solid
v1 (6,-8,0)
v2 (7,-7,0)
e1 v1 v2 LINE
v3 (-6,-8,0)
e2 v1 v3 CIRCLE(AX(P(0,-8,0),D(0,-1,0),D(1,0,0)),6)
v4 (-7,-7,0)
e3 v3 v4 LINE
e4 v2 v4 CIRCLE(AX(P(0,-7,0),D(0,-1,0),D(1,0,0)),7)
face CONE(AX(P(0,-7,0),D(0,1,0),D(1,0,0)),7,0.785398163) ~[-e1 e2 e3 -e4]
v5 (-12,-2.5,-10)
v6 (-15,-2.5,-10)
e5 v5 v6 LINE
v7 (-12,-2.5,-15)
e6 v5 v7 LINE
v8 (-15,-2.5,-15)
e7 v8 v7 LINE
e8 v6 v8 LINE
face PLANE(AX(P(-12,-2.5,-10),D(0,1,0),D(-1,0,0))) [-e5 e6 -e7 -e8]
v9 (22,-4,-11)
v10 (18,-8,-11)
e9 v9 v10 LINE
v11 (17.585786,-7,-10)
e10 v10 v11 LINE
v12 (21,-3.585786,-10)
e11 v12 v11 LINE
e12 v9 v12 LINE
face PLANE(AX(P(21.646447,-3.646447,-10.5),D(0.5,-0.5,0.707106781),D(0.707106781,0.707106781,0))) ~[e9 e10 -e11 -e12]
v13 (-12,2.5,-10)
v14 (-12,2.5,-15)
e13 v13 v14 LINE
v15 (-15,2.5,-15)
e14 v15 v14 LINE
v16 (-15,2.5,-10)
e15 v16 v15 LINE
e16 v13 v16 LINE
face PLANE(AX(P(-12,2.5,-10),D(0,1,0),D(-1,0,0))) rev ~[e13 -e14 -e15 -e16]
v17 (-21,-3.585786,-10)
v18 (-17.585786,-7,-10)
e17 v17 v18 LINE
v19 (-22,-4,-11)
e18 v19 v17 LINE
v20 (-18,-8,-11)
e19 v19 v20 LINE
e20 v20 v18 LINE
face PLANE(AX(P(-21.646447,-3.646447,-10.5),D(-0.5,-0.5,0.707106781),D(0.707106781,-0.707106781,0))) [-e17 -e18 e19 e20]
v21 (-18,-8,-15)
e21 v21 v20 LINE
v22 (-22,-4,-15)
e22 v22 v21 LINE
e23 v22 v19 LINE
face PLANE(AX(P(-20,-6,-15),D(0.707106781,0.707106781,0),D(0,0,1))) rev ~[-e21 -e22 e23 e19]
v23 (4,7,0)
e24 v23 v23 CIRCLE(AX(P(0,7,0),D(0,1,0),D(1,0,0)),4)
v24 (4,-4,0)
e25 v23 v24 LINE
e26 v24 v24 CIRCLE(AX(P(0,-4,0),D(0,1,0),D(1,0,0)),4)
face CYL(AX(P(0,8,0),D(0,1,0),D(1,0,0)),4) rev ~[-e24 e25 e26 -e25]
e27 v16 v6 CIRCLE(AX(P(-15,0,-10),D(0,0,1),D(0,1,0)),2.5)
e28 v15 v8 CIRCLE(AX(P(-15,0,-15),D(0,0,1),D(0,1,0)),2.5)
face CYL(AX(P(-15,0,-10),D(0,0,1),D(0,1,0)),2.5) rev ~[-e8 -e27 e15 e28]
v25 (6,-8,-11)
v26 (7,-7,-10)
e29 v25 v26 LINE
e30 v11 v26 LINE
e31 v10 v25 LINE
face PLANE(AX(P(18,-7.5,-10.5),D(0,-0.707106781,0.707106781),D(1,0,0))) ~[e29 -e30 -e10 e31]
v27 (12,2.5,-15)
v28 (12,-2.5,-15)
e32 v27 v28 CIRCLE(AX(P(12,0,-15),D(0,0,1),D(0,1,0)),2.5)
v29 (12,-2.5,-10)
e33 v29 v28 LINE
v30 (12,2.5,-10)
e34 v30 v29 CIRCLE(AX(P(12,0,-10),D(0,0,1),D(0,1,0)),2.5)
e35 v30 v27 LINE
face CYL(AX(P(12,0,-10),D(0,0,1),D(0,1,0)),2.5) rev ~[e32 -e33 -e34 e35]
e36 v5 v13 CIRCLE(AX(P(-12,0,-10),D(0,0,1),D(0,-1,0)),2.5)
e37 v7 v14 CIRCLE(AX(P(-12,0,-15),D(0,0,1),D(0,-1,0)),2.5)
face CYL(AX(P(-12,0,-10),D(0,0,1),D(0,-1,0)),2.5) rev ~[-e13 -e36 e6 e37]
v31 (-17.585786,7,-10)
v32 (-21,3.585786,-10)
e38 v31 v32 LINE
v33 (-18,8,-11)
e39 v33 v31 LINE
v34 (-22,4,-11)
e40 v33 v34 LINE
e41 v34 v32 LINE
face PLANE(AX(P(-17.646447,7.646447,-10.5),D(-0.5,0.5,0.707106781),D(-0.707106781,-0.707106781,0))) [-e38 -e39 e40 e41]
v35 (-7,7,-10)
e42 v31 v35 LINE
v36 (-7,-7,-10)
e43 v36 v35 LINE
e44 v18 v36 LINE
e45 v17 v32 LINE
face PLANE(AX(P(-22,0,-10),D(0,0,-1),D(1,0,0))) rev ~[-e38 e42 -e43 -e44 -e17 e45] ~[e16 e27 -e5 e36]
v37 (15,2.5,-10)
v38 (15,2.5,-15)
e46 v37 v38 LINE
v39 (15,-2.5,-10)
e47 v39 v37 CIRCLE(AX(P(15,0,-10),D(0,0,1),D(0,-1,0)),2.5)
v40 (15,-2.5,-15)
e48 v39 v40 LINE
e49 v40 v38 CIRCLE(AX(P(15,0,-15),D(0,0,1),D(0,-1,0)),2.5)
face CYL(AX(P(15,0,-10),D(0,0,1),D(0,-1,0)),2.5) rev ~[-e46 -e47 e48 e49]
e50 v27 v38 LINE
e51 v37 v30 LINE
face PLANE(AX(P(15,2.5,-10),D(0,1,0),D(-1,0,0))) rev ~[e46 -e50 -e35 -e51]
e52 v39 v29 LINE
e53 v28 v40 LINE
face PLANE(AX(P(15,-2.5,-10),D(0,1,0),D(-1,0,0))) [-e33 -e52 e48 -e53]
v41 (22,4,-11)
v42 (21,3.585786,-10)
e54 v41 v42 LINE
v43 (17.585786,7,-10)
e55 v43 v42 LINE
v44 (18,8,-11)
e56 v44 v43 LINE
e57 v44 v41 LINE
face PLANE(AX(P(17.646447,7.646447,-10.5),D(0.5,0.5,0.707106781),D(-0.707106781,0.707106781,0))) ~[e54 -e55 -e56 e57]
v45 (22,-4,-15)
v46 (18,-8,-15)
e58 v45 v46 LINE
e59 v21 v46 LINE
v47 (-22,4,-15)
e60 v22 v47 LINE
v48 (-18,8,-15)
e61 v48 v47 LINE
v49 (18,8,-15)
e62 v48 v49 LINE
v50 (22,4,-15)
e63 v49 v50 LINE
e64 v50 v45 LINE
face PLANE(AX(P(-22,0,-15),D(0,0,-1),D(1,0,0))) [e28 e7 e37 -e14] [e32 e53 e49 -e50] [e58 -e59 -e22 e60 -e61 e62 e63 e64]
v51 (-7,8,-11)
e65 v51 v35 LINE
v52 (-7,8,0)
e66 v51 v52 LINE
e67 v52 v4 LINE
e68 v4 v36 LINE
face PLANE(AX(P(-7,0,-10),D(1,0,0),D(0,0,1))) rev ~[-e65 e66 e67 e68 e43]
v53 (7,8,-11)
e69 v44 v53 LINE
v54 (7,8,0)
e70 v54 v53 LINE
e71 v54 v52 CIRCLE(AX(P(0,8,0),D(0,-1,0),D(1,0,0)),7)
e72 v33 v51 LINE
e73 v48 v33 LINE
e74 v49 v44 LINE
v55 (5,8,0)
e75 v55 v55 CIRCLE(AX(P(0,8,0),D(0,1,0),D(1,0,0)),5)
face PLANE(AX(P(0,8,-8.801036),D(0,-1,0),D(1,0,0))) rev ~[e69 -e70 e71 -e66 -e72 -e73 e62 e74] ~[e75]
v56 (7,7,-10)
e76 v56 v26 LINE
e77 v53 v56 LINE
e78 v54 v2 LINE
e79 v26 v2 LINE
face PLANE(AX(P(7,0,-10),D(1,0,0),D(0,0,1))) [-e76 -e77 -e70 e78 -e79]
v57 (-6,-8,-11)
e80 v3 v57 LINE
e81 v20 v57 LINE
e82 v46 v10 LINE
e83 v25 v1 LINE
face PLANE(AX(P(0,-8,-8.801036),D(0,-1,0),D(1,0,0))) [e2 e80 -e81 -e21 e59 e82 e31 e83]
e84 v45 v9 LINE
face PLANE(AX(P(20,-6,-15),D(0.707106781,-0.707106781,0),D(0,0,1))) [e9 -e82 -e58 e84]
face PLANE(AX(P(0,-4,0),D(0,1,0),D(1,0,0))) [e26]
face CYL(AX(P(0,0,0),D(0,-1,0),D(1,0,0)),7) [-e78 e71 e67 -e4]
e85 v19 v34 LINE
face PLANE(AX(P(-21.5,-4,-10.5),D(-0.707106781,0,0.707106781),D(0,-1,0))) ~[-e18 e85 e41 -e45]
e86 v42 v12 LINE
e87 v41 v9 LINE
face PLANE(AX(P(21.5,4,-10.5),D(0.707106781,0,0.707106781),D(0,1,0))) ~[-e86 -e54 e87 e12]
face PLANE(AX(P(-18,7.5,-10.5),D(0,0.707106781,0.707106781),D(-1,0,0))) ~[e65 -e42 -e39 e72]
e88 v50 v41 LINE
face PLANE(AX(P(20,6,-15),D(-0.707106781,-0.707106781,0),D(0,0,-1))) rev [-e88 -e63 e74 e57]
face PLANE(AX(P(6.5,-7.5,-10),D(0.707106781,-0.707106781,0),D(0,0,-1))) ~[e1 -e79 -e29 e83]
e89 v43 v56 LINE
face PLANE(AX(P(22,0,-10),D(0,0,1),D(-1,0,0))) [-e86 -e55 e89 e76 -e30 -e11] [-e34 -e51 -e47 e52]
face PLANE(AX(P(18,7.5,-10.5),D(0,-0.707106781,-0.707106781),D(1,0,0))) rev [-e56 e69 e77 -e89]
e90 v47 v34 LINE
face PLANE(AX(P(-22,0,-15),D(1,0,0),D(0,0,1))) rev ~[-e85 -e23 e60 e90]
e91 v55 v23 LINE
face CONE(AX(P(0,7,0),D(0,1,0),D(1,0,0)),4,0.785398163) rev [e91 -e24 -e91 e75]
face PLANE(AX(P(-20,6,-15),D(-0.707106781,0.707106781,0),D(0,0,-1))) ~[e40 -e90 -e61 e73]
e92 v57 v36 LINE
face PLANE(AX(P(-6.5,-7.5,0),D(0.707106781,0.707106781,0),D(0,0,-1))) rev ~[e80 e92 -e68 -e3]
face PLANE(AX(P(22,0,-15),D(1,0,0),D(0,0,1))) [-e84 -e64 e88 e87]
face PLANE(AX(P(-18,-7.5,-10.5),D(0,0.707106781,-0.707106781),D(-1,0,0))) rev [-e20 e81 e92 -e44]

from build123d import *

# Parameters (mm, degrees)
PAD_DEPTH       = 8
POCKET_DEPTH    = 5.001
SKETCH002_R     = 4
POCKET001_DEPTH = 12
CHAMFER_SIZE    = 4
CHAMFER001_SIZE = 1
CHAMFER002_SIZE = 1


with BuildPart() as part:
    # Sketch → Pad (new body, symmetric)
    with BuildSketch(Plane.XZ):
        with BuildLine():
            Line((-22, -15), (22, -15))
            Line((22, -15), (22, -10))
            Line((22, -10), (7, -10))
            Line((7, -10), (7, 0))
            ThreePointArc((7, 0), (0, 7), (-7, 0))
            Line((-7, -10), (-7, 0))
            Line((-22, -10), (-7, -10))
            Line((-22, -15), (-22, -10))
        make_face()
    extrude(amount=PAD_DEPTH, both=True)

    # Sketch001 (on Face7 of Pad) → Pocket (cut, through all)
    with BuildSketch(Plane(origin=(0, 0, -10), x_dir=(-1, 0, 0), z_dir=(0, 0, 1))):
        with BuildLine():
            ThreePointArc((-15, 2.5), (-17.5, 0), (-15, -2.5))
            Line((-15, -2.5), (-12, -2.5))
            ThreePointArc((-12, -2.5), (-9.5, 0), (-12, 2.5))
            Line((-15, 2.5), (-12, 2.5))
        make_face()
        with BuildLine():
            ThreePointArc((12, 2.5), (9.5, 0), (12, -2.5))
            Line((12, -2.5), (15, -2.5))
            ThreePointArc((15, -2.5), (17.5, 0), (15, 2.5))
            Line((12, 2.5), (15, 2.5))
        make_face()
    extrude(amount=-POCKET_DEPTH, mode=Mode.SUBTRACT)

    # Sketch002 (on Face3 of Pocket) → Pocket001 (cut)
    with BuildSketch(Plane(origin=(0, 8, 0), x_dir=(1, 0, 0), z_dir=(0, 1, 0))):
        Circle(SKETCH002_R)
    extrude(amount=-POCKET001_DEPTH, mode=Mode.SUBTRACT)

    # Chamfer
    chamfer_edges = [part.edges().sort_by_distance(p)[0] for p in [
        (22, 8, -12.5),
        (-22, 8, -12.5),
        (-22, -8, -12.5),
        (22, -8, -12.5),
    ]]
    chamfer(chamfer_edges, length=CHAMFER_SIZE)

    # Chamfer001
    chamfer001_edges = [part.edges().sort_by_distance(p)[0] for p in [
        (-12.5, 8, -10),
        (-20, 6, -10),
        (-22, 0, -10),
        (-12.5, -8, -10),
        (12.5, -8, -10),
        (20, -6, -10),
        (22, 0, -10),
        (20, 6, -10),
        (12.5, 8, -10),
        (-20, -6, -10),
        (0, -8, 7),
    ]]
    chamfer(chamfer001_edges, length=CHAMFER001_SIZE)

    # Chamfer002
    chamfer002_edges = [part.edges().sort_by_distance(p)[0] for p in [
        (-4, 8, 0),
    ]]
    chamfer(chamfer002_edges, length=CHAMFER002_SIZE)


solid = part.part
